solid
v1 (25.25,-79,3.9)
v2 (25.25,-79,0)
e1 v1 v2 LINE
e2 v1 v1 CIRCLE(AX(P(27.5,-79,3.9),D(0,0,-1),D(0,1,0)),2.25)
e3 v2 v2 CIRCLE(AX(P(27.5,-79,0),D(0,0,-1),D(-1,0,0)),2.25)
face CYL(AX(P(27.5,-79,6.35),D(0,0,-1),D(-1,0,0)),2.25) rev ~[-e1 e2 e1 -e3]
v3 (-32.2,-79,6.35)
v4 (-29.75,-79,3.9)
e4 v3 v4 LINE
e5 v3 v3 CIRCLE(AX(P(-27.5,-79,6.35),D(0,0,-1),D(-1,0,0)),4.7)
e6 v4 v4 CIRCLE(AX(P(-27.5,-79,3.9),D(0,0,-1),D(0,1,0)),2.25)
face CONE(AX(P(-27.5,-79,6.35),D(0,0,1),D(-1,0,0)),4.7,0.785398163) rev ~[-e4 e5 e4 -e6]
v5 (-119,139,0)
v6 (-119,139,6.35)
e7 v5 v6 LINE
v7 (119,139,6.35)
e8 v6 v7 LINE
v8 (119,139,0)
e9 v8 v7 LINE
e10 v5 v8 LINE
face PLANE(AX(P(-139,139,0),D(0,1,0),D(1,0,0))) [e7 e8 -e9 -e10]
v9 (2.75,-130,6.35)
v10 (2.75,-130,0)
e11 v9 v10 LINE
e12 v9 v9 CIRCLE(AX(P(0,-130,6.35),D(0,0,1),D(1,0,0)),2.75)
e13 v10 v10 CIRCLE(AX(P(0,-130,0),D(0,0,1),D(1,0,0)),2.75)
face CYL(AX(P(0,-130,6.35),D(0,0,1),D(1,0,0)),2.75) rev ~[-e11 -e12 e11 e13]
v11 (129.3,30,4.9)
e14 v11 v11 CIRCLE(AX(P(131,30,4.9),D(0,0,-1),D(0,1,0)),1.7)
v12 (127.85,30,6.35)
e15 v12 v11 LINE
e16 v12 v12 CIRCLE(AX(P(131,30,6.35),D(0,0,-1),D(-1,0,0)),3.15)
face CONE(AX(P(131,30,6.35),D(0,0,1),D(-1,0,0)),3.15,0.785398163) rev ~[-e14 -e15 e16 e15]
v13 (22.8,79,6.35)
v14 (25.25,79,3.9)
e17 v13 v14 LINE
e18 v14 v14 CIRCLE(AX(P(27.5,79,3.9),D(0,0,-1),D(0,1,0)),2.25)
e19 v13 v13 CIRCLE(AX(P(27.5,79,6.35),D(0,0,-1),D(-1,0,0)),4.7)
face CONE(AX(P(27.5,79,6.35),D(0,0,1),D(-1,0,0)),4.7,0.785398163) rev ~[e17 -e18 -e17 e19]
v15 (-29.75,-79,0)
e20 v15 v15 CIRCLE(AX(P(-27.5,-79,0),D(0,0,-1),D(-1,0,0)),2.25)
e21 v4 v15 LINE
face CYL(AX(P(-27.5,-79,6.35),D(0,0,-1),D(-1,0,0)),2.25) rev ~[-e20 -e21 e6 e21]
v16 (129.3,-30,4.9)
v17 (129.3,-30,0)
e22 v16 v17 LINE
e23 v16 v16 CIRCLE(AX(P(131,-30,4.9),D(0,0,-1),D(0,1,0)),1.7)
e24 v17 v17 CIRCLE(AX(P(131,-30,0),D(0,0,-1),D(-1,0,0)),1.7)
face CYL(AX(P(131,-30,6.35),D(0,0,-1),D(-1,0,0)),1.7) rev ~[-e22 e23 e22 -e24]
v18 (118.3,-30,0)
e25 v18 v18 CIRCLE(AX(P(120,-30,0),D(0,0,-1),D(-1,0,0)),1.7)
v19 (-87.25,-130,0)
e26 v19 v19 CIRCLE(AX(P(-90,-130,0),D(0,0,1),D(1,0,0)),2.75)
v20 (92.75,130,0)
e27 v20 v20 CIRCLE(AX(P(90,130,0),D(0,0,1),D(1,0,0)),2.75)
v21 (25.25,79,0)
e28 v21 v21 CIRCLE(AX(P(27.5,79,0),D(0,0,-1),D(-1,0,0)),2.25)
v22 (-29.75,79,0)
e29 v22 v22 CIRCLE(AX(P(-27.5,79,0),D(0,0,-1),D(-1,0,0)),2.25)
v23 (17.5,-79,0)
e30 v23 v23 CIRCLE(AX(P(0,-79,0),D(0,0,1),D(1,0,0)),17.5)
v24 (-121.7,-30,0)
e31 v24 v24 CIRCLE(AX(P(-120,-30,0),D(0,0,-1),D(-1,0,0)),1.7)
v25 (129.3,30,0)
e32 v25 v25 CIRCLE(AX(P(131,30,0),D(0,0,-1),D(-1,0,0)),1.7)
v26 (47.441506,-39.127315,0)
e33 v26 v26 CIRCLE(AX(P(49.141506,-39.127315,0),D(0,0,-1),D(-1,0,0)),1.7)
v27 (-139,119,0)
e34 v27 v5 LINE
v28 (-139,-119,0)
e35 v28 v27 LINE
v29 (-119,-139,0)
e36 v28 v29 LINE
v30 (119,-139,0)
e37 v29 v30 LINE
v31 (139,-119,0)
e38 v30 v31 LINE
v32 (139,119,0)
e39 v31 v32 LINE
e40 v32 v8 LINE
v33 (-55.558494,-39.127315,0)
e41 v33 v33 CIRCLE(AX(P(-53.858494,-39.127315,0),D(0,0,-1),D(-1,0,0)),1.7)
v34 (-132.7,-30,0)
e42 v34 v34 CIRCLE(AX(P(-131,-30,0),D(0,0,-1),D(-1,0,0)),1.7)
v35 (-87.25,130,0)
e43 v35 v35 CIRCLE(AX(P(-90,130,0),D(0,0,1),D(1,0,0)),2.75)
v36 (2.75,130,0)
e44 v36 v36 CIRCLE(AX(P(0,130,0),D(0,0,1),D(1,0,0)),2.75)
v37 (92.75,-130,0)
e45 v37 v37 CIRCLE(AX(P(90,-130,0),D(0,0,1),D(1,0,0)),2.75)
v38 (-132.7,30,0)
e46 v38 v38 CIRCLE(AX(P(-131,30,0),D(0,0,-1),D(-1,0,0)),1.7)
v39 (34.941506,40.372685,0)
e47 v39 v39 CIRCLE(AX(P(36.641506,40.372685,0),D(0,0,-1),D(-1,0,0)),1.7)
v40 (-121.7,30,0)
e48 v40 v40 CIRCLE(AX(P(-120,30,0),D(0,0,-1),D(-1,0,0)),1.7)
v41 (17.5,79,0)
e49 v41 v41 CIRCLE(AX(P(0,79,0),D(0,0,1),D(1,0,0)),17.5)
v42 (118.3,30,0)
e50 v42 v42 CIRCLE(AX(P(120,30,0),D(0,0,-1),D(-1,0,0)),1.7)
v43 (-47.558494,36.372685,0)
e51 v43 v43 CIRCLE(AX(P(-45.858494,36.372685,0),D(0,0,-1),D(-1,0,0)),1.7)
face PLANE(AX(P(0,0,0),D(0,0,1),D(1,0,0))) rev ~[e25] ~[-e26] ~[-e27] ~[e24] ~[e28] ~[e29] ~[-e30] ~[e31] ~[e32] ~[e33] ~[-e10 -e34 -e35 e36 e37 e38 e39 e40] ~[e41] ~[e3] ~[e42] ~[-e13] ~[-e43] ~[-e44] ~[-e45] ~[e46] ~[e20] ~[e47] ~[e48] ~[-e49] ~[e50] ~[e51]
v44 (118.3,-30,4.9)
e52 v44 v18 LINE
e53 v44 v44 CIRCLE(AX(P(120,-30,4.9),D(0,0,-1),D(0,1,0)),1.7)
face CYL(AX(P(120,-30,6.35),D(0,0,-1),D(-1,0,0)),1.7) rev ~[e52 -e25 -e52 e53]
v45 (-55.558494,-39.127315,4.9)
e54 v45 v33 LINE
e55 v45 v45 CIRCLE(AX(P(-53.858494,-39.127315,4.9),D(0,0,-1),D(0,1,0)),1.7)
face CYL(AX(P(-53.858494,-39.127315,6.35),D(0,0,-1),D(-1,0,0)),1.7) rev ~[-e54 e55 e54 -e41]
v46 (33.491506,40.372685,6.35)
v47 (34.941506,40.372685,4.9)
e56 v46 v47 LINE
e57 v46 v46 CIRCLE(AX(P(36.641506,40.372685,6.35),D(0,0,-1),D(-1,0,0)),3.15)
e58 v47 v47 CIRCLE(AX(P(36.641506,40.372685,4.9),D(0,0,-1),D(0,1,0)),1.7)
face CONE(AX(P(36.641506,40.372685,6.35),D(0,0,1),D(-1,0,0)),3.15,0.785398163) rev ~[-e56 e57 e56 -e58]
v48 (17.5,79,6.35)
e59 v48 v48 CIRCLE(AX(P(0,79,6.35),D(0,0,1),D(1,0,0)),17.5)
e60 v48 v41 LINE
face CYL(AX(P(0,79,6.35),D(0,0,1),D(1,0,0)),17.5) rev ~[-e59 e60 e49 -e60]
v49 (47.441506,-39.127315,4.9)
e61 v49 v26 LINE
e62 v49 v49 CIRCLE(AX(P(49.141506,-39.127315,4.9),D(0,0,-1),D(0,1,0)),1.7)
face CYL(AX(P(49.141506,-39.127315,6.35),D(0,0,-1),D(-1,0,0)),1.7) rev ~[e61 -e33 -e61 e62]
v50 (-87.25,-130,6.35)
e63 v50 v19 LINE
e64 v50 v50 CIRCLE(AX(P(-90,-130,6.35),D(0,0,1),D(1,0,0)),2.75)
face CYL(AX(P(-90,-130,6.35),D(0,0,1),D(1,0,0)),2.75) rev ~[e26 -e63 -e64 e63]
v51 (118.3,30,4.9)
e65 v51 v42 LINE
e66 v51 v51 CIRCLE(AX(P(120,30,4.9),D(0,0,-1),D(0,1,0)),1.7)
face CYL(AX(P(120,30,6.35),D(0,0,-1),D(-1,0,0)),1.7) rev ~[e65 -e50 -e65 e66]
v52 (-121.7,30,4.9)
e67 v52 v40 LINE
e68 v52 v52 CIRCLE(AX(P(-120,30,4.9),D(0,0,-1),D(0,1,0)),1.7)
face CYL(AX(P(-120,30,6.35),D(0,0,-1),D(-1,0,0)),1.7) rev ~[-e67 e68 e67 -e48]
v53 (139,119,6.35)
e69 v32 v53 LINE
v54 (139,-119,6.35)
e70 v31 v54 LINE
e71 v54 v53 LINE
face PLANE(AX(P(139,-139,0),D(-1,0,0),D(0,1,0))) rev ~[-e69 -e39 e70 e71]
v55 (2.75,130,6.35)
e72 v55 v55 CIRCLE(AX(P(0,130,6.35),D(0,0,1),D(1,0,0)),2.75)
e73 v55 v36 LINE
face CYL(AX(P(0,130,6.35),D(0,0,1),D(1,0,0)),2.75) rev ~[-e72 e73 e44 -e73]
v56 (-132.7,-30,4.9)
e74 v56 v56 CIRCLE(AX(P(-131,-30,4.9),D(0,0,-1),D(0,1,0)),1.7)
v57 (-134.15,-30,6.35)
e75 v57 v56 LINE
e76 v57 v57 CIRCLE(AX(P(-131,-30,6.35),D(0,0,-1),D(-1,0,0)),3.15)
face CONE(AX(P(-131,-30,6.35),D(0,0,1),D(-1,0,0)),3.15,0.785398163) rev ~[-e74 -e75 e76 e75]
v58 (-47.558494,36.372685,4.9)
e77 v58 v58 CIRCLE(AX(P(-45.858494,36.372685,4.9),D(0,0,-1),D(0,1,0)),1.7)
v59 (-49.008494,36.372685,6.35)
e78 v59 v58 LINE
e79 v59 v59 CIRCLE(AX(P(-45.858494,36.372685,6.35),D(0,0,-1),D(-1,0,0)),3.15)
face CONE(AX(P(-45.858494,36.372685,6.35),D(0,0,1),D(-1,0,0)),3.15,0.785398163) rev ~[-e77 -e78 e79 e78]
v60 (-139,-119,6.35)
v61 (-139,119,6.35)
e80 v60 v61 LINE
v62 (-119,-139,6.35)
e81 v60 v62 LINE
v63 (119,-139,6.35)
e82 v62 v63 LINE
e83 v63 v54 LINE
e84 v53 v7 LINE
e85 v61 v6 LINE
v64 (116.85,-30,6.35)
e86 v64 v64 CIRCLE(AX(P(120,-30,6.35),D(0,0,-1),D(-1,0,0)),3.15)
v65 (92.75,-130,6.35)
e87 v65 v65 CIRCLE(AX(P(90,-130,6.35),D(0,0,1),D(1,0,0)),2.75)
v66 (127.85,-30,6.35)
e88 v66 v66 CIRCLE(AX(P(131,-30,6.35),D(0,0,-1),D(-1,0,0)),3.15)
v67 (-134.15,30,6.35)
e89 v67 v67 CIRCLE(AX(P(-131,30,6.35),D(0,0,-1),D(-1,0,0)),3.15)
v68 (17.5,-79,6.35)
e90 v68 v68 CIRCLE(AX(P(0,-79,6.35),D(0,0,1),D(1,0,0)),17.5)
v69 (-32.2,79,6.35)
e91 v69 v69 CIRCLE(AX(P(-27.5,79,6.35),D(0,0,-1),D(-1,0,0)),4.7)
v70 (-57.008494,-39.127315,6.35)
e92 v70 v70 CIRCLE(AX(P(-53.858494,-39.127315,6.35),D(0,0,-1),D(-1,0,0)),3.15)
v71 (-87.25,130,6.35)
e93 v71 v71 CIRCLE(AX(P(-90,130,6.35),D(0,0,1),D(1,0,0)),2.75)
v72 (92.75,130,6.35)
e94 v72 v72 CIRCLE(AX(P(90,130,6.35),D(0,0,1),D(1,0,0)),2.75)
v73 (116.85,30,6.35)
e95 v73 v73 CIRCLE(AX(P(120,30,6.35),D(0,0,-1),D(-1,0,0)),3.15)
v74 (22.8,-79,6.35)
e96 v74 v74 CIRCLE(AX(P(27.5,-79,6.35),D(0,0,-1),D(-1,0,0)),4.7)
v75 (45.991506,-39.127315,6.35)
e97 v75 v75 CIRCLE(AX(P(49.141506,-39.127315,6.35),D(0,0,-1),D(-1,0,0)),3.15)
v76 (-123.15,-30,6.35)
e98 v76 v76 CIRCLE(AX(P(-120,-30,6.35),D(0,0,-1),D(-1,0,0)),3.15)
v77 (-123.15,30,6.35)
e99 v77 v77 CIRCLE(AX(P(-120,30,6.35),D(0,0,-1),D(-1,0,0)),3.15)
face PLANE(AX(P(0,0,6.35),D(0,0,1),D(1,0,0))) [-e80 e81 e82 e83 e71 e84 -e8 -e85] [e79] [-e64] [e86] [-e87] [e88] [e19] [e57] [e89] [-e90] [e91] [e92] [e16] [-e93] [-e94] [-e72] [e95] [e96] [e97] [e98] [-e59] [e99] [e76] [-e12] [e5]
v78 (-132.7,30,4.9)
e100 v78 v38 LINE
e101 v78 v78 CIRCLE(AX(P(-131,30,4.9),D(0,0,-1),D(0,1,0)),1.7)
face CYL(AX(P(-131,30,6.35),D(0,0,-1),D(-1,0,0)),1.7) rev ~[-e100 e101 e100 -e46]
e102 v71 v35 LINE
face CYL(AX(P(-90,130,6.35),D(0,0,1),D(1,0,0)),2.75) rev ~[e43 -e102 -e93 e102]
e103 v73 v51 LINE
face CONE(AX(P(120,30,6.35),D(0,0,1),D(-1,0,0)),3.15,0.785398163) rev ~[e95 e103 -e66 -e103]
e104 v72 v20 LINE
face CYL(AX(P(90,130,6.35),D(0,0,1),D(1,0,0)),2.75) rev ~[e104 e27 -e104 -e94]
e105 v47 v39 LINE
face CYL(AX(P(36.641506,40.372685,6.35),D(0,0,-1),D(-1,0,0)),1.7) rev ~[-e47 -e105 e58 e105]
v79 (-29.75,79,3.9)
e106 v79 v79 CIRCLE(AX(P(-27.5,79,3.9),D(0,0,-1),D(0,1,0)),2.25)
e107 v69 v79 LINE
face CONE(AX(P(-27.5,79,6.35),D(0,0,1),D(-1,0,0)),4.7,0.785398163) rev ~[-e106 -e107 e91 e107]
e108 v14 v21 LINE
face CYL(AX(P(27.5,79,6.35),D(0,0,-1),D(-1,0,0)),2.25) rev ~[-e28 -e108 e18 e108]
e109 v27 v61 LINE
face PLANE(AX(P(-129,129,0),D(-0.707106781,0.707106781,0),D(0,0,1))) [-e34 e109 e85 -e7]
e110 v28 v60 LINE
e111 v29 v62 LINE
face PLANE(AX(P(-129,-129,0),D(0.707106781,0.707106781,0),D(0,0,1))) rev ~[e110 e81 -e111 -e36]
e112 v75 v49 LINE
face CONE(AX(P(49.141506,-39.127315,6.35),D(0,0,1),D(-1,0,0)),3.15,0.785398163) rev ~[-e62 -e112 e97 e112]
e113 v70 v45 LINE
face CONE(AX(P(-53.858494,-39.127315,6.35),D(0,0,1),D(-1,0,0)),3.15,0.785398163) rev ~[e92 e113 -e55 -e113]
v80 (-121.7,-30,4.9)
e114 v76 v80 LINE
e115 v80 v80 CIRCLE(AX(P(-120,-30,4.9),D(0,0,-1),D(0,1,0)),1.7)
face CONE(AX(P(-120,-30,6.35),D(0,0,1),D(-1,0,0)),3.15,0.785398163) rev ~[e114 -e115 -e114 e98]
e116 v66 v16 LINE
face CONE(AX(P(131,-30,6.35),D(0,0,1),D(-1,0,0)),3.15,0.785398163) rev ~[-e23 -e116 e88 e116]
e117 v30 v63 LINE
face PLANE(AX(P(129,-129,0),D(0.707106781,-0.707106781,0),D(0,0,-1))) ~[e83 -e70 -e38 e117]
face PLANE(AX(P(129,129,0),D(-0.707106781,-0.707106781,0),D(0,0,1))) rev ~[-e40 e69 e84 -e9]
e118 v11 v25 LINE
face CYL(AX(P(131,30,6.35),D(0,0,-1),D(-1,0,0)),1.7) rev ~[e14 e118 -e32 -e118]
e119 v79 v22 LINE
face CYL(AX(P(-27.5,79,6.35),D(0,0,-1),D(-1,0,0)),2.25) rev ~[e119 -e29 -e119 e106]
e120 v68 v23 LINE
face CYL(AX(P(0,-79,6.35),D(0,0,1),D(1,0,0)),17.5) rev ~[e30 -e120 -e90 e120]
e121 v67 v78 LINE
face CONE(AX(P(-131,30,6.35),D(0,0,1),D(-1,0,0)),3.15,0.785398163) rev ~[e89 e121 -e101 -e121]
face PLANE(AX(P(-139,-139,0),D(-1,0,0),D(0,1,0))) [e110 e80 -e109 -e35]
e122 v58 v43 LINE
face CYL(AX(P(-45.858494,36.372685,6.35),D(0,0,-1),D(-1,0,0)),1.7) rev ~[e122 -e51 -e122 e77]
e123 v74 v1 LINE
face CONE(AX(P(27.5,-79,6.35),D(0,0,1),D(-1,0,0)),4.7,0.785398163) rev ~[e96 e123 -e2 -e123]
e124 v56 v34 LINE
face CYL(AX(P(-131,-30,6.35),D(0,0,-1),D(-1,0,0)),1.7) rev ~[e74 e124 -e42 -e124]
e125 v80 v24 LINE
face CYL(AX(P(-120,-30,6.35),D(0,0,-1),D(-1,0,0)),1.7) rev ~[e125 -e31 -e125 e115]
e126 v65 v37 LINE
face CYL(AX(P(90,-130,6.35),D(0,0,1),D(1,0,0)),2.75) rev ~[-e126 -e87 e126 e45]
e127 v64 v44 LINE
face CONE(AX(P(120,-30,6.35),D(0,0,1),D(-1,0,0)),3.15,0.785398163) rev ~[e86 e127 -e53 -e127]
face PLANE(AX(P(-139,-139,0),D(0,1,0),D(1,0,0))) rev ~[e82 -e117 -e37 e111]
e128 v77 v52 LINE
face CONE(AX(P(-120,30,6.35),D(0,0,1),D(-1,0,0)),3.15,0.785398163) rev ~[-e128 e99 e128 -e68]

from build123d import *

# Parameters (mm, degrees)
SKETCH1_W                                       = 278
SKETCH1_H                                       = 278
BOSS_EXTRUDE1_DEPTH                             = 6.35
CHAMFER1_SIZE                                   = 20
SKETCH4_R                                       = 2.75
CUT_EXTRUDE2_DEPTH                              = 76.2
SKETCH8_R                                       = 17.5
CUT_EXTRUDE4_DEPTH                              = 105
CSK_FOR_M4_FLAT_HEAD_MACHINE_SCREW2_D           = 4.5
CSK_FOR_M4_FLAT_HEAD_MACHINE_SCREW2_CSINK_D     = 9.4
CSK_FOR_M4_FLAT_HEAD_MACHINE_SCREW2_CSINK_ANGLE = 90
CSK_FOR_M3_FLAT_HEAD_MACHINE_SCREW1_D           = 3.4
CSK_FOR_M3_FLAT_HEAD_MACHINE_SCREW1_CSINK_D     = 6.3
CSK_FOR_M3_FLAT_HEAD_MACHINE_SCREW1_CSINK_ANGLE = 90
CSK_FOR_M3_FLAT_HEAD_MACHINE_SCREW2_D           = 3.4
CSK_FOR_M3_FLAT_HEAD_MACHINE_SCREW2_CSINK_D     = 6.3
CSK_FOR_M3_FLAT_HEAD_MACHINE_SCREW2_CSINK_ANGLE = 90


with BuildPart() as part:
    # Sketch1 → Boss-Extrude1 (new body)
    with BuildSketch(Plane.XY):
        Rectangle(SKETCH1_W, SKETCH1_H)
    extrude(amount=BOSS_EXTRUDE1_DEPTH)

    # Chamfer1
    chamfer1_edges = [part.edges().sort_by_distance(p)[0] for p in [
        (-139, 139, 3.175),
        (139, 139, 3.175),
        (139, -139, 3.175),
        (-139, -139, 3.175),
    ]]
    chamfer(chamfer1_edges, length=CHAMFER1_SIZE)

    # Sketch4 → Cut-Extrude2 (cut)
    with BuildSketch(Plane.XY.offset(6.35)):
        with Locations((-90, 130)):
            Circle(SKETCH4_R)
        with Locations((0, 130)):
            Circle(SKETCH4_R)
        with Locations((90, 130)):
            Circle(SKETCH4_R)
        with Locations((90, -130)):
            Circle(SKETCH4_R)
        with Locations((0, -130)):
            Circle(SKETCH4_R)
        with Locations((-90, -130)):
            Circle(SKETCH4_R)
    extrude(amount=-CUT_EXTRUDE2_DEPTH, mode=Mode.SUBTRACT)

    # Sketch8 → Cut-Extrude4 (cut)
    with BuildSketch(Plane.XY.offset(6.35)):
        with Locations((0, 79)):
            Circle(SKETCH8_R)
        with Locations((0, -79)):
            Circle(SKETCH8_R)
    extrude(amount=-CUT_EXTRUDE4_DEPTH, mode=Mode.SUBTRACT)

    # CSK for M4 Flat Head Machine Screw2 (through all)
    with Locations(Plane.XY.offset(6.35)):
        with Locations((27.5, 79), (-27.5, 79), (-27.5, -79), (27.5, -79)):
            CounterSinkHole(CSK_FOR_M4_FLAT_HEAD_MACHINE_SCREW2_D / 2, CSK_FOR_M4_FLAT_HEAD_MACHINE_SCREW2_CSINK_D / 2, counter_sink_angle=CSK_FOR_M4_FLAT_HEAD_MACHINE_SCREW2_CSINK_ANGLE)

    # CSK for M3 Flat Head Machine Screw1 (through all)
    with Locations(Plane.XY.offset(6.35)):
        with Locations((-131, 30), (-120, 30), (-120, -30), (-131, -30), (131, -30), (120, -30), (120, 30), (131, 30)):
            CounterSinkHole(CSK_FOR_M3_FLAT_HEAD_MACHINE_SCREW1_D / 2, CSK_FOR_M3_FLAT_HEAD_MACHINE_SCREW1_CSINK_D / 2, counter_sink_angle=CSK_FOR_M3_FLAT_HEAD_MACHINE_SCREW1_CSINK_ANGLE)

    # CSK for M3 Flat Head Machine Screw2 (through all)
    with Locations(Plane.XY.offset(6.35)):
        with Locations((-45.858494434, 36.37268476), (-53.858494434, -39.12731524), (36.641505566, 40.37268476), (49.141505566, -39.12731524)):
            CounterSinkHole(CSK_FOR_M3_FLAT_HEAD_MACHINE_SCREW2_D / 2, CSK_FOR_M3_FLAT_HEAD_MACHINE_SCREW2_CSINK_D / 2, counter_sink_angle=CSK_FOR_M3_FLAT_HEAD_MACHINE_SCREW2_CSINK_ANGLE)


solid = part.part
